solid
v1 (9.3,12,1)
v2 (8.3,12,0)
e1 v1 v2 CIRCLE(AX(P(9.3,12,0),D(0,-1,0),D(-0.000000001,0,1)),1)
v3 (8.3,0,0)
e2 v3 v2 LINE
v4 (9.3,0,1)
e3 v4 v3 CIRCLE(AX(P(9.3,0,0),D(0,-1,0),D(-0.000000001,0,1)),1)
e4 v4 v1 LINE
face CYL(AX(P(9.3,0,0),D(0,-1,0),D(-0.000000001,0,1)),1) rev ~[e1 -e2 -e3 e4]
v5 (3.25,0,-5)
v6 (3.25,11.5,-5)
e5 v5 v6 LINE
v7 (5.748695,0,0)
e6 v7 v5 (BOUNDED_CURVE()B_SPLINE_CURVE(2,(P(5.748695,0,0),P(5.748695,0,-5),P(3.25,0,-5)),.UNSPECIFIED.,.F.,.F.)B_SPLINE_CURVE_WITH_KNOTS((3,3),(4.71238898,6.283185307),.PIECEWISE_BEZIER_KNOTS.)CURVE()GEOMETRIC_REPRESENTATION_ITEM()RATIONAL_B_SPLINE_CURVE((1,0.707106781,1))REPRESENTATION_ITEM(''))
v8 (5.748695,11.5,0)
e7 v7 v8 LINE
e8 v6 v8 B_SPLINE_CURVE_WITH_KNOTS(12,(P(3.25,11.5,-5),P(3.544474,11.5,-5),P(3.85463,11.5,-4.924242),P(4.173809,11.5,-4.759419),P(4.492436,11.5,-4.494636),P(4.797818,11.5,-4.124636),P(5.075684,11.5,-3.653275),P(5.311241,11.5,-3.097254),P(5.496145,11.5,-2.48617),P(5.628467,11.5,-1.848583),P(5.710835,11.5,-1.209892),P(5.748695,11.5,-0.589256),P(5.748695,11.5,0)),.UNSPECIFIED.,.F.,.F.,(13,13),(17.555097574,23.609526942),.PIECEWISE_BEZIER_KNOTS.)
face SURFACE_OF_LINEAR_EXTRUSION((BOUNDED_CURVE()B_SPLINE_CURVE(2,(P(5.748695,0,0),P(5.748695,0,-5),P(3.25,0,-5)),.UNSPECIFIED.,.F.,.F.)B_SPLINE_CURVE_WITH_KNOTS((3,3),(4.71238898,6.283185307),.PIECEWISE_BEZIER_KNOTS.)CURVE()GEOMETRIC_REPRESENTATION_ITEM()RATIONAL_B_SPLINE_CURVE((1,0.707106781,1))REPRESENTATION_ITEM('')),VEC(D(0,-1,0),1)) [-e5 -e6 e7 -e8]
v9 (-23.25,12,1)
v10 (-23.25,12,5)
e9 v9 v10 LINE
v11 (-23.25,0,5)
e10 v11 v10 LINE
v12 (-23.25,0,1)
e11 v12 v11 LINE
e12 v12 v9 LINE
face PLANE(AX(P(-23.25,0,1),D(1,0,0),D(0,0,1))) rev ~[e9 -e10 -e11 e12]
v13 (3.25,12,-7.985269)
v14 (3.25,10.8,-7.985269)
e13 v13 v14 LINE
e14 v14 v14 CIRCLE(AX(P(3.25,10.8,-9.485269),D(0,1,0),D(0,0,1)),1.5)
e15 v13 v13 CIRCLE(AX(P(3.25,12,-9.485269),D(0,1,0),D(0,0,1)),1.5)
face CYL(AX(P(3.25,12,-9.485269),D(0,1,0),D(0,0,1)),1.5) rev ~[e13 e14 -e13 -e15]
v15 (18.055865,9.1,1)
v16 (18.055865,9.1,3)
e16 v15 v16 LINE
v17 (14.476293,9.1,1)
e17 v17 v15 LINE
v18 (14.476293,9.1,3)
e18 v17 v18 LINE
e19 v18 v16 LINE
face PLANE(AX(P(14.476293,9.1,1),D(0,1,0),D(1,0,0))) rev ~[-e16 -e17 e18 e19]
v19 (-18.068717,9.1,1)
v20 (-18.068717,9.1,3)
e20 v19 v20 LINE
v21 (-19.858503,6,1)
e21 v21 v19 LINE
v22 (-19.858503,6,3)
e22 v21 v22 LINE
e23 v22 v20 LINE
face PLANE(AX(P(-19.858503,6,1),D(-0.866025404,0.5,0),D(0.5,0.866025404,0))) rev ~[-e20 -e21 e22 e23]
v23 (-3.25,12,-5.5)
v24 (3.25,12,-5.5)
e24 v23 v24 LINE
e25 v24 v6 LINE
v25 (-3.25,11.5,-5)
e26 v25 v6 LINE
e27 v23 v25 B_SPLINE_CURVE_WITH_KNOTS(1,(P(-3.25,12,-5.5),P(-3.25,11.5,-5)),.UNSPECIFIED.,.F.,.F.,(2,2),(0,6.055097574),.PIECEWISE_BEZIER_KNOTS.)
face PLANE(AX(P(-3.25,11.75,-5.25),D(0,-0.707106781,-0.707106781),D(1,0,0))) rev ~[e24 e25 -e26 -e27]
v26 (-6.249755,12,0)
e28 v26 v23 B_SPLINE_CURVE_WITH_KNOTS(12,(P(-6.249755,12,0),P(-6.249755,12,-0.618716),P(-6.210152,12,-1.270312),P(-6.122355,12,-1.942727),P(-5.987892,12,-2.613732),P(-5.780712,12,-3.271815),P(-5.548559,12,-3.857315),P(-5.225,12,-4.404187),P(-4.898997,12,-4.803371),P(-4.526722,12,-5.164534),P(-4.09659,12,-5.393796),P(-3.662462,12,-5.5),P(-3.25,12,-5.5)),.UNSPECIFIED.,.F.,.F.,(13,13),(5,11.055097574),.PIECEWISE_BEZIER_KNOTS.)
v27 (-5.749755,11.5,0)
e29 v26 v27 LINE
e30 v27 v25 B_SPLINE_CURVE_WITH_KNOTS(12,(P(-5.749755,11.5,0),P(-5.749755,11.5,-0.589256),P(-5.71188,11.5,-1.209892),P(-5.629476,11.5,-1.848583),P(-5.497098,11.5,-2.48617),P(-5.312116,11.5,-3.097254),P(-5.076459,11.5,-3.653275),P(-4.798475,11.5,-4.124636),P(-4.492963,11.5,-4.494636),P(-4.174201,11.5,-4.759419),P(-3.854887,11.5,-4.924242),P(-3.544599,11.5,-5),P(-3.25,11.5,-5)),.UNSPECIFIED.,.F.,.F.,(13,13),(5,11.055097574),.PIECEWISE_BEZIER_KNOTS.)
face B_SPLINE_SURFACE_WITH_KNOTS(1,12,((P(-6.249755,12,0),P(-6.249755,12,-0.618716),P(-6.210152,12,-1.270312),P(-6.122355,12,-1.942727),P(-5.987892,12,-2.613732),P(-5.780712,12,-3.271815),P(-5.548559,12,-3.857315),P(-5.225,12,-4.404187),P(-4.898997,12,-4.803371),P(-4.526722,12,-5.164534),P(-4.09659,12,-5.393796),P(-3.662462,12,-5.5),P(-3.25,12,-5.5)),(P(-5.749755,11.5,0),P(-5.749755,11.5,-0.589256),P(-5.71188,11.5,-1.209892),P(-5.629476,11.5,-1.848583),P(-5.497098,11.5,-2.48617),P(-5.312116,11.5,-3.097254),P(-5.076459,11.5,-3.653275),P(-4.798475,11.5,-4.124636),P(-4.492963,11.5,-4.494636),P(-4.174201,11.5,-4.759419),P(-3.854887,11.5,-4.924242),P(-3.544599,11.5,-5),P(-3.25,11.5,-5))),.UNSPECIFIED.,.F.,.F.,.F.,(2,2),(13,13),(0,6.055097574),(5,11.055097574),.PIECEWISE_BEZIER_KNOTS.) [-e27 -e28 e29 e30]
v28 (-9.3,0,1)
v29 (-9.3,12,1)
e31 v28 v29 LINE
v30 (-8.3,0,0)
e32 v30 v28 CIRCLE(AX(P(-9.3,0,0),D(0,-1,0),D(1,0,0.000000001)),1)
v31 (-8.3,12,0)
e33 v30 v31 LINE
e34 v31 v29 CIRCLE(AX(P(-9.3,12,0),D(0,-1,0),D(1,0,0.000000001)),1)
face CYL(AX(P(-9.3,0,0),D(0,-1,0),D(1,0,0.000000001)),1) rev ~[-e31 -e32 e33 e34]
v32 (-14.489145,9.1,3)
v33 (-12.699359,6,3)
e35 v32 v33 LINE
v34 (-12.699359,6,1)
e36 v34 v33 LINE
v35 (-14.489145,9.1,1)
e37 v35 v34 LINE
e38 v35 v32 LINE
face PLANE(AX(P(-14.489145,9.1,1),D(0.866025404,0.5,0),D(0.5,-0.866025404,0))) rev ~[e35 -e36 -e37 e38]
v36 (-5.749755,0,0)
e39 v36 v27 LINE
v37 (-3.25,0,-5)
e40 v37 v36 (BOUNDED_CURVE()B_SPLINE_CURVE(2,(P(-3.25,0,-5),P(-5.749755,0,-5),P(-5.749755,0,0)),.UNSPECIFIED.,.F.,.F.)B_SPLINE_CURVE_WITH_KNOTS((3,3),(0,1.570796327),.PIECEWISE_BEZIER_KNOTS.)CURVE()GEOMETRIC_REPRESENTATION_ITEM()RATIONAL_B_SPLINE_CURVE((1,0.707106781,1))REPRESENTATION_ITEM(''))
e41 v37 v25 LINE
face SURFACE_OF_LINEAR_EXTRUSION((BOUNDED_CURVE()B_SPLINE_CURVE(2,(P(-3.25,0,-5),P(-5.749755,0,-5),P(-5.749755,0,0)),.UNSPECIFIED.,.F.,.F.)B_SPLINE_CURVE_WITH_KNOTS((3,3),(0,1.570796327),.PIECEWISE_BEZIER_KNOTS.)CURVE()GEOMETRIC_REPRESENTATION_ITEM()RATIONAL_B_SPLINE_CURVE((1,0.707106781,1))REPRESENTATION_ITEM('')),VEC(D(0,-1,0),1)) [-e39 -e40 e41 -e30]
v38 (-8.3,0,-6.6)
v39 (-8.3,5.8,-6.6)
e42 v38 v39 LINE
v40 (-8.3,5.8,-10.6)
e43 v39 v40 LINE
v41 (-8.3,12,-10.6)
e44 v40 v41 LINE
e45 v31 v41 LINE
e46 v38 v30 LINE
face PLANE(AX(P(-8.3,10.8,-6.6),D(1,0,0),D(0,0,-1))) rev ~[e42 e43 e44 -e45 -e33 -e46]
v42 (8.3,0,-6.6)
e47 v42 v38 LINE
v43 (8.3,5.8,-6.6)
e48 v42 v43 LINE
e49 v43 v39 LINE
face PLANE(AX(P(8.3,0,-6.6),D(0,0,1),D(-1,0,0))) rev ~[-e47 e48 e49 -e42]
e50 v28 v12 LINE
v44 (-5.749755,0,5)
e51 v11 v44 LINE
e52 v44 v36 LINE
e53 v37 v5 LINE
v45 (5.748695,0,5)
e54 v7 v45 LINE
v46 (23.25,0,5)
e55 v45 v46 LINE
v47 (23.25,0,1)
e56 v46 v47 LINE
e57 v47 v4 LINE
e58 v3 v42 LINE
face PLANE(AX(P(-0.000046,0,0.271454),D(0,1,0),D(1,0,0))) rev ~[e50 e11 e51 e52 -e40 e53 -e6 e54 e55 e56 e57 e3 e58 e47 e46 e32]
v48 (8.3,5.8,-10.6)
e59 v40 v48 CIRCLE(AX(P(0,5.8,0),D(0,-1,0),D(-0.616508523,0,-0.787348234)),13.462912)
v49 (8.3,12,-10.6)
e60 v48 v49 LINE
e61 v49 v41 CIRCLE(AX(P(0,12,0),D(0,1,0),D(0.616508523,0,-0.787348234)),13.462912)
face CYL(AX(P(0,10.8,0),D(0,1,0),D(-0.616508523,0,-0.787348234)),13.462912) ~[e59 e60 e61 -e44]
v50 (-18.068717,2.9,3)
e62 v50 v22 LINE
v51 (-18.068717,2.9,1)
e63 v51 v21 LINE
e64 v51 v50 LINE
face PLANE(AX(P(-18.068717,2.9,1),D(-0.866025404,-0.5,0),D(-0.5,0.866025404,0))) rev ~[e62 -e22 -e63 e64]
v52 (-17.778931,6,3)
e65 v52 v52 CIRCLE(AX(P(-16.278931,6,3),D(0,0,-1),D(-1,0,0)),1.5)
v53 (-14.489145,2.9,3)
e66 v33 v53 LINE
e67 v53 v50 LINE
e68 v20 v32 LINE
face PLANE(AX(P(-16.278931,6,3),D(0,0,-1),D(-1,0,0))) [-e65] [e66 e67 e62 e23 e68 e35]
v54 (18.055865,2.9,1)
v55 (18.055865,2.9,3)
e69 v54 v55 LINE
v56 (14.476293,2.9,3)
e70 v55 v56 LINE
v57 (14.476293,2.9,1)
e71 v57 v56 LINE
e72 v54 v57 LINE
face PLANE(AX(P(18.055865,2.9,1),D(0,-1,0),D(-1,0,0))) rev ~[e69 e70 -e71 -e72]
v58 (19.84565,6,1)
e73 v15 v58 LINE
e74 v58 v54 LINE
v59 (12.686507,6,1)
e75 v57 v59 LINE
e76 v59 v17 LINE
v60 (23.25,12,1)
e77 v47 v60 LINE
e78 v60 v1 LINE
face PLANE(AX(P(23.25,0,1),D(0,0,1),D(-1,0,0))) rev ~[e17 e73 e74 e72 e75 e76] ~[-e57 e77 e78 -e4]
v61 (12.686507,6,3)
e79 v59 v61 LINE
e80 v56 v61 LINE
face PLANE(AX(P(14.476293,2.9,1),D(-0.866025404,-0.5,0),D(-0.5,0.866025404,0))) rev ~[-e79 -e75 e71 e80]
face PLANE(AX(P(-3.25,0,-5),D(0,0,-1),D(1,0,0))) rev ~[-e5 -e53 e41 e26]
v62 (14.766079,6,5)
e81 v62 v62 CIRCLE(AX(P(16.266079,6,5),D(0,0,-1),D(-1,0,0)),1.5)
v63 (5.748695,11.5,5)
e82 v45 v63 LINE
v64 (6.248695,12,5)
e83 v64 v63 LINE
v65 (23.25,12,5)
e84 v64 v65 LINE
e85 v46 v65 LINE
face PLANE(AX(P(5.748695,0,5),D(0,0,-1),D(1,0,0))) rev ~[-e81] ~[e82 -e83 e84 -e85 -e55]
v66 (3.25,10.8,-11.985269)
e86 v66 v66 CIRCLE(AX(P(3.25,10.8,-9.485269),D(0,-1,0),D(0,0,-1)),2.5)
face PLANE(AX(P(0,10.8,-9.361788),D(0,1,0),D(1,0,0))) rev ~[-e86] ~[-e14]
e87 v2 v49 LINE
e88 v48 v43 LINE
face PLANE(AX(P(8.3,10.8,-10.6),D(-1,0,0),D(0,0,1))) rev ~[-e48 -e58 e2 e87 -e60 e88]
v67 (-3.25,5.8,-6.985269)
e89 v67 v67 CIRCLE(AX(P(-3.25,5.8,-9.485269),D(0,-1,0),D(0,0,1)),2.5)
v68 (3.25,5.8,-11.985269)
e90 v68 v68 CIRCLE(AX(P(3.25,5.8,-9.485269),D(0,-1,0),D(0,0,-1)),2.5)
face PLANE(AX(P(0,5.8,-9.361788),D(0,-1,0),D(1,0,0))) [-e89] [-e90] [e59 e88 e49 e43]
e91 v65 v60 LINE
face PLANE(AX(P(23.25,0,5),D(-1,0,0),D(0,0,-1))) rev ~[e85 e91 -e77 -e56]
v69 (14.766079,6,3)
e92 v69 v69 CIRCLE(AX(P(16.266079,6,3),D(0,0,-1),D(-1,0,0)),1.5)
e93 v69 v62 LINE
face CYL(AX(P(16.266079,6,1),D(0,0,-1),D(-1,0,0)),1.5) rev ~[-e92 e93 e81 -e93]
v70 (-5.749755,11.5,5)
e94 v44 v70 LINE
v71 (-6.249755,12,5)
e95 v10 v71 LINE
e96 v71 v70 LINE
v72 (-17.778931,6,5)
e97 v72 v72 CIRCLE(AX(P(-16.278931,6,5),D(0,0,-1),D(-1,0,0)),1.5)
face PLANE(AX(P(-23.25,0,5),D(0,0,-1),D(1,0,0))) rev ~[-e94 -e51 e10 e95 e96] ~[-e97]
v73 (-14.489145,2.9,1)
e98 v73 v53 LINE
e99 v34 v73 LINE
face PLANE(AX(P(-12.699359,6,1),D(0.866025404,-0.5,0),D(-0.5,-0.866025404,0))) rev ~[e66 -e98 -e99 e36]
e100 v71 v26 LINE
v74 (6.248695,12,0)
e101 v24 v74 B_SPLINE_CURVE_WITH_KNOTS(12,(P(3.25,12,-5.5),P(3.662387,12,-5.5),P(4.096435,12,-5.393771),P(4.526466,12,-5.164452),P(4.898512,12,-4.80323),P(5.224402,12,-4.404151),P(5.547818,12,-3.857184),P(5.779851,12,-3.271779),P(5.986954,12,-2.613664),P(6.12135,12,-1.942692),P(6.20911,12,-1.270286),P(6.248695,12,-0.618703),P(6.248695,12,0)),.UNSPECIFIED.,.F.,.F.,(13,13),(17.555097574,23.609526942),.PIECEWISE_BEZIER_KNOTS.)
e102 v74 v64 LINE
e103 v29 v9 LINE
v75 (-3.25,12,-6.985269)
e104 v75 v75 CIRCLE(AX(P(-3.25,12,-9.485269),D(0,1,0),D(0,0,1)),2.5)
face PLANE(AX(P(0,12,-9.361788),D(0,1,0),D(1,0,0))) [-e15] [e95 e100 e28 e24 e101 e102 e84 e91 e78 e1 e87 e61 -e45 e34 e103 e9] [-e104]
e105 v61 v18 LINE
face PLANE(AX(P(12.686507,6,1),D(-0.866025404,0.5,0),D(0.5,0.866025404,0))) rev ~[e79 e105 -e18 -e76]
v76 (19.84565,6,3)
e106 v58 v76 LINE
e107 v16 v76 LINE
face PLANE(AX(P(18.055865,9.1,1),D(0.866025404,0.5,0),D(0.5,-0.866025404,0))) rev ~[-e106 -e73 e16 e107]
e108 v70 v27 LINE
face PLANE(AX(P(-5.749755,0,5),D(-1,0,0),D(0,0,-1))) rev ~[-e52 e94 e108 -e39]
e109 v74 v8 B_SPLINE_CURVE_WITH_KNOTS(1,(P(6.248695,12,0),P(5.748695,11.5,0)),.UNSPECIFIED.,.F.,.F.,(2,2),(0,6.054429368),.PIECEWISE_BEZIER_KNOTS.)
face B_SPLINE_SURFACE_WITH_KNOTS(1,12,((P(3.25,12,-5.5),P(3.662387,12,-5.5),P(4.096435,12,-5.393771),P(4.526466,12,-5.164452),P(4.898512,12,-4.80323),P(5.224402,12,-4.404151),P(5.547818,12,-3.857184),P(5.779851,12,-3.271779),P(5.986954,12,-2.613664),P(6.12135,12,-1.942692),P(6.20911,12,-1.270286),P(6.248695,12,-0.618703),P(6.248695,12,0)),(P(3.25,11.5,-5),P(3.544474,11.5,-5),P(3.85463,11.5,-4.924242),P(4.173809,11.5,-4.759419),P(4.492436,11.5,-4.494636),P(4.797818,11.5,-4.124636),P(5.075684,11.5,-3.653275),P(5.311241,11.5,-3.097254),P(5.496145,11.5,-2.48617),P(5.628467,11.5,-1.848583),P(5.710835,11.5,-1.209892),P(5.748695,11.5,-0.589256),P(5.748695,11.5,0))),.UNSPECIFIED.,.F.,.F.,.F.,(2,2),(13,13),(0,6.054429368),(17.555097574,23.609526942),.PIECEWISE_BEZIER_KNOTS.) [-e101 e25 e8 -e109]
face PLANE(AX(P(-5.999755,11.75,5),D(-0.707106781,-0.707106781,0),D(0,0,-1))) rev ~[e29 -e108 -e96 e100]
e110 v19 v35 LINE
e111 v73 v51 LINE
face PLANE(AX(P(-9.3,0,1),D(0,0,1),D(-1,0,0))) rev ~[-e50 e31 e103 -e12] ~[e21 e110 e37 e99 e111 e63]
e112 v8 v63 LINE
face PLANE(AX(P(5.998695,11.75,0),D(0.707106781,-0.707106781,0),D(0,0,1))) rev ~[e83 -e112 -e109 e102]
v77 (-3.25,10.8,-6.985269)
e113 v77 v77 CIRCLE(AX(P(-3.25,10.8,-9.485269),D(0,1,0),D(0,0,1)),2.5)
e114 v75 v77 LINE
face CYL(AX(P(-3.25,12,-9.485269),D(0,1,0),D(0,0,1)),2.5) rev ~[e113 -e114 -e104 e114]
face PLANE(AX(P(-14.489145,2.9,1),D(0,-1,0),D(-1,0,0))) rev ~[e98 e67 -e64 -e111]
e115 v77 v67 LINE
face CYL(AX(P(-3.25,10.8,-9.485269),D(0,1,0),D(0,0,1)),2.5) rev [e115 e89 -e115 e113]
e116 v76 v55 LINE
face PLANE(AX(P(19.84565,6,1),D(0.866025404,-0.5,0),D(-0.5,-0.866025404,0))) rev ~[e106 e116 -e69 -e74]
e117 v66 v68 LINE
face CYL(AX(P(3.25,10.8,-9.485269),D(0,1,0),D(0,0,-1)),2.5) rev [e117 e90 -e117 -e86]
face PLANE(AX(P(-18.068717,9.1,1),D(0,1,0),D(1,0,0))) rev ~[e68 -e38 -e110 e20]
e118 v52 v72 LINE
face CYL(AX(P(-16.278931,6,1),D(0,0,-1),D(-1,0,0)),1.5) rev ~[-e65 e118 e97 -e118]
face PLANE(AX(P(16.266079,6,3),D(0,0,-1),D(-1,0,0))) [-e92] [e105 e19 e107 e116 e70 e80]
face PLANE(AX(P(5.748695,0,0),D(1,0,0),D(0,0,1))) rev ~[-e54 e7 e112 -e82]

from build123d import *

# Parameters (mm, degrees)
BOSS_EXTRUDE1_DEPTH = 12
CUT_EXTRUDE1_DEPTH  = 2
SKETCH3_R           = 2.5
SKETCH3_R_2         = 1.5
BOSS_EXTRUDE2_DEPTH = 1.2
SKETCH4_R           = 2.5
BOSS_EXTRUDE3_DEPTH = 5
CHAMFER1_SIZE       = 0.5
SKETCH5_R           = 1.5
CUT_EXTRUDE2_DEPTH  = 5


with BuildPart() as part:
    # Sketch1 → Boss-Extrude1 (new body)
    with BuildSketch(Plane(origin=(0, 0, 0), x_dir=(1, 0, 0), z_dir=(0, 1, 0))):
        with BuildLine():
            Line((-23.25, -5), (-5.749755012, -5))
            Line((-5.749755012, -5), (-5.749755012, 0))
            add(Edge.make_bspline(
                [(-3.25, 5), (-5.749755012, 5), (-5.749755012, 0)],
                knots=[0, 0, 0, 1.570796327, 1.570796327, 1.570796327], degree=2, weights=[1, 0.707106781, 1]))
            Line((-3.25, 5), (3.25, 5))
            add(Edge.make_bspline(
                [(5.748694825, 0), (5.748694825, 5), (3.25, 5)],
                knots=[4.71238898, 4.71238898, 4.71238898, 6.283185307, 6.283185307, 6.283185307], degree=2, weights=[1, 0.707106781, 1]))
            Line((5.748694825, 0), (5.748694825, -5))
            Line((5.748694825, -5), (23.25, -5))
            Line((23.25, -5), (23.25, -3))
            Line((23.25, -3), (23.25, -1))
            Line((23.25, -1), (9.3, -1))
            ThreePointArc((9.3, -1), (8.592893219, -0.707106781), (8.3, 0))
            Line((8.3, 0), (8.3, 6.6))
            Line((8.3, 6.6), (-8.3, 6.6))
            Line((-8.3, 6.6), (-8.3, 0))
            ThreePointArc((-8.3, 0), (-8.592893219, -0.707106781), (-9.3, -1))
            Line((-9.3, -1), (-23.25, -1))
            Line((-23.25, -1), (-23.25, -5))
        make_face()
    extrude(amount=BOSS_EXTRUDE1_DEPTH)

    # Sketch2 → Cut-Extrude1 (cut)
    with BuildSketch(Plane(origin=(0, 0, 1), x_dir=(-1, 0, 0), z_dir=(0, 0, -1))):
        Polygon((19.85850269, 6), (18.068716856, 9.1), (14.489145187, 9.1), (12.699359352, 6), (14.489145187, 2.9), (18.068716856, 2.9), align=None)
        Polygon((-12.686507152, 6), (-14.476292987, 9.1), (-18.055864656, 9.1), (-19.84565049, 6), (-18.055864656, 2.9), (-14.476292987, 2.9), align=None)
    extrude(amount=-CUT_EXTRUDE1_DEPTH, mode=Mode.SUBTRACT)

    # Sketch3 → Boss-Extrude2 (add)
    with BuildSketch(Plane(origin=(0, 12, 0), x_dir=(1, 0, 0), z_dir=(0, 1, 0))):
        with BuildLine():
            Line((-8.3, 6.6), (8.3, 6.6))
            Line((8.3, 6.6), (8.3, 10.6))
            ThreePointArc((8.3, 10.6), (0, 13.462912018), (-8.3, 10.6))
            Line((-8.3, 10.6), (-8.3, 6.6))
        make_face()
        with Locations(Location((-3.25, 9.48526903, 0), (0, 0, 270))):
            Circle(SKETCH3_R, mode=Mode.SUBTRACT)
        with Locations(Location((3.25, 9.48526903, 0), (0, 0, 270))):
            Circle(SKETCH3_R_2, mode=Mode.SUBTRACT)
    extrude(amount=-BOSS_EXTRUDE2_DEPTH)

    # Sketch4 → Boss-Extrude3 (add)
    with BuildSketch(Plane.XZ.offset(-10.8)):
        with BuildLine():
            Line((8.3, -6.6), (-8.3, -6.6))
            Line((-8.3, -6.6), (-8.3, -10.6))
            ThreePointArc((-8.3, -10.6), (0, -13.462912018), (8.3, -10.6))
            Line((8.3, -10.6), (8.3, -6.6))
        make_face()
        with Locations(Location((-3.25, -9.48526903, 0), (0, 0, 90))):
            Circle(SKETCH4_R, mode=Mode.SUBTRACT)
        with Locations(Location((3.25, -9.48526903, 0), (0, 0, 270))):
            Circle(SKETCH4_R, mode=Mode.SUBTRACT)
    extrude(amount=BOSS_EXTRUDE3_DEPTH)

    # Chamfer1
    chamfer1_edges = [part.edges().sort_by_distance(p)[0] for p in [
        (0, 12, -5),
        (-5.260112096, 12, -2.972310439),
        (5.259369228, 12, -2.972013605),
        (-5.749755012, 12, 2.5),
        (5.748694825, 12, 2.5),
    ]]
    chamfer(chamfer1_edges, length=CHAMFER1_SIZE)

    # Sketch5 → Cut-Extrude2 (cut)
    with BuildSketch(Plane(origin=(0, 0, 1), x_dir=(-1, 0, 0), z_dir=(0, 0, -1))):
        with Locations((-16.266078821, 6)):
            Circle(SKETCH5_R)
        with Locations((16.278931021, 6)):
            Circle(SKETCH5_R)
    extrude(amount=-CUT_EXTRUDE2_DEPTH, mode=Mode.SUBTRACT)


solid = part.part
